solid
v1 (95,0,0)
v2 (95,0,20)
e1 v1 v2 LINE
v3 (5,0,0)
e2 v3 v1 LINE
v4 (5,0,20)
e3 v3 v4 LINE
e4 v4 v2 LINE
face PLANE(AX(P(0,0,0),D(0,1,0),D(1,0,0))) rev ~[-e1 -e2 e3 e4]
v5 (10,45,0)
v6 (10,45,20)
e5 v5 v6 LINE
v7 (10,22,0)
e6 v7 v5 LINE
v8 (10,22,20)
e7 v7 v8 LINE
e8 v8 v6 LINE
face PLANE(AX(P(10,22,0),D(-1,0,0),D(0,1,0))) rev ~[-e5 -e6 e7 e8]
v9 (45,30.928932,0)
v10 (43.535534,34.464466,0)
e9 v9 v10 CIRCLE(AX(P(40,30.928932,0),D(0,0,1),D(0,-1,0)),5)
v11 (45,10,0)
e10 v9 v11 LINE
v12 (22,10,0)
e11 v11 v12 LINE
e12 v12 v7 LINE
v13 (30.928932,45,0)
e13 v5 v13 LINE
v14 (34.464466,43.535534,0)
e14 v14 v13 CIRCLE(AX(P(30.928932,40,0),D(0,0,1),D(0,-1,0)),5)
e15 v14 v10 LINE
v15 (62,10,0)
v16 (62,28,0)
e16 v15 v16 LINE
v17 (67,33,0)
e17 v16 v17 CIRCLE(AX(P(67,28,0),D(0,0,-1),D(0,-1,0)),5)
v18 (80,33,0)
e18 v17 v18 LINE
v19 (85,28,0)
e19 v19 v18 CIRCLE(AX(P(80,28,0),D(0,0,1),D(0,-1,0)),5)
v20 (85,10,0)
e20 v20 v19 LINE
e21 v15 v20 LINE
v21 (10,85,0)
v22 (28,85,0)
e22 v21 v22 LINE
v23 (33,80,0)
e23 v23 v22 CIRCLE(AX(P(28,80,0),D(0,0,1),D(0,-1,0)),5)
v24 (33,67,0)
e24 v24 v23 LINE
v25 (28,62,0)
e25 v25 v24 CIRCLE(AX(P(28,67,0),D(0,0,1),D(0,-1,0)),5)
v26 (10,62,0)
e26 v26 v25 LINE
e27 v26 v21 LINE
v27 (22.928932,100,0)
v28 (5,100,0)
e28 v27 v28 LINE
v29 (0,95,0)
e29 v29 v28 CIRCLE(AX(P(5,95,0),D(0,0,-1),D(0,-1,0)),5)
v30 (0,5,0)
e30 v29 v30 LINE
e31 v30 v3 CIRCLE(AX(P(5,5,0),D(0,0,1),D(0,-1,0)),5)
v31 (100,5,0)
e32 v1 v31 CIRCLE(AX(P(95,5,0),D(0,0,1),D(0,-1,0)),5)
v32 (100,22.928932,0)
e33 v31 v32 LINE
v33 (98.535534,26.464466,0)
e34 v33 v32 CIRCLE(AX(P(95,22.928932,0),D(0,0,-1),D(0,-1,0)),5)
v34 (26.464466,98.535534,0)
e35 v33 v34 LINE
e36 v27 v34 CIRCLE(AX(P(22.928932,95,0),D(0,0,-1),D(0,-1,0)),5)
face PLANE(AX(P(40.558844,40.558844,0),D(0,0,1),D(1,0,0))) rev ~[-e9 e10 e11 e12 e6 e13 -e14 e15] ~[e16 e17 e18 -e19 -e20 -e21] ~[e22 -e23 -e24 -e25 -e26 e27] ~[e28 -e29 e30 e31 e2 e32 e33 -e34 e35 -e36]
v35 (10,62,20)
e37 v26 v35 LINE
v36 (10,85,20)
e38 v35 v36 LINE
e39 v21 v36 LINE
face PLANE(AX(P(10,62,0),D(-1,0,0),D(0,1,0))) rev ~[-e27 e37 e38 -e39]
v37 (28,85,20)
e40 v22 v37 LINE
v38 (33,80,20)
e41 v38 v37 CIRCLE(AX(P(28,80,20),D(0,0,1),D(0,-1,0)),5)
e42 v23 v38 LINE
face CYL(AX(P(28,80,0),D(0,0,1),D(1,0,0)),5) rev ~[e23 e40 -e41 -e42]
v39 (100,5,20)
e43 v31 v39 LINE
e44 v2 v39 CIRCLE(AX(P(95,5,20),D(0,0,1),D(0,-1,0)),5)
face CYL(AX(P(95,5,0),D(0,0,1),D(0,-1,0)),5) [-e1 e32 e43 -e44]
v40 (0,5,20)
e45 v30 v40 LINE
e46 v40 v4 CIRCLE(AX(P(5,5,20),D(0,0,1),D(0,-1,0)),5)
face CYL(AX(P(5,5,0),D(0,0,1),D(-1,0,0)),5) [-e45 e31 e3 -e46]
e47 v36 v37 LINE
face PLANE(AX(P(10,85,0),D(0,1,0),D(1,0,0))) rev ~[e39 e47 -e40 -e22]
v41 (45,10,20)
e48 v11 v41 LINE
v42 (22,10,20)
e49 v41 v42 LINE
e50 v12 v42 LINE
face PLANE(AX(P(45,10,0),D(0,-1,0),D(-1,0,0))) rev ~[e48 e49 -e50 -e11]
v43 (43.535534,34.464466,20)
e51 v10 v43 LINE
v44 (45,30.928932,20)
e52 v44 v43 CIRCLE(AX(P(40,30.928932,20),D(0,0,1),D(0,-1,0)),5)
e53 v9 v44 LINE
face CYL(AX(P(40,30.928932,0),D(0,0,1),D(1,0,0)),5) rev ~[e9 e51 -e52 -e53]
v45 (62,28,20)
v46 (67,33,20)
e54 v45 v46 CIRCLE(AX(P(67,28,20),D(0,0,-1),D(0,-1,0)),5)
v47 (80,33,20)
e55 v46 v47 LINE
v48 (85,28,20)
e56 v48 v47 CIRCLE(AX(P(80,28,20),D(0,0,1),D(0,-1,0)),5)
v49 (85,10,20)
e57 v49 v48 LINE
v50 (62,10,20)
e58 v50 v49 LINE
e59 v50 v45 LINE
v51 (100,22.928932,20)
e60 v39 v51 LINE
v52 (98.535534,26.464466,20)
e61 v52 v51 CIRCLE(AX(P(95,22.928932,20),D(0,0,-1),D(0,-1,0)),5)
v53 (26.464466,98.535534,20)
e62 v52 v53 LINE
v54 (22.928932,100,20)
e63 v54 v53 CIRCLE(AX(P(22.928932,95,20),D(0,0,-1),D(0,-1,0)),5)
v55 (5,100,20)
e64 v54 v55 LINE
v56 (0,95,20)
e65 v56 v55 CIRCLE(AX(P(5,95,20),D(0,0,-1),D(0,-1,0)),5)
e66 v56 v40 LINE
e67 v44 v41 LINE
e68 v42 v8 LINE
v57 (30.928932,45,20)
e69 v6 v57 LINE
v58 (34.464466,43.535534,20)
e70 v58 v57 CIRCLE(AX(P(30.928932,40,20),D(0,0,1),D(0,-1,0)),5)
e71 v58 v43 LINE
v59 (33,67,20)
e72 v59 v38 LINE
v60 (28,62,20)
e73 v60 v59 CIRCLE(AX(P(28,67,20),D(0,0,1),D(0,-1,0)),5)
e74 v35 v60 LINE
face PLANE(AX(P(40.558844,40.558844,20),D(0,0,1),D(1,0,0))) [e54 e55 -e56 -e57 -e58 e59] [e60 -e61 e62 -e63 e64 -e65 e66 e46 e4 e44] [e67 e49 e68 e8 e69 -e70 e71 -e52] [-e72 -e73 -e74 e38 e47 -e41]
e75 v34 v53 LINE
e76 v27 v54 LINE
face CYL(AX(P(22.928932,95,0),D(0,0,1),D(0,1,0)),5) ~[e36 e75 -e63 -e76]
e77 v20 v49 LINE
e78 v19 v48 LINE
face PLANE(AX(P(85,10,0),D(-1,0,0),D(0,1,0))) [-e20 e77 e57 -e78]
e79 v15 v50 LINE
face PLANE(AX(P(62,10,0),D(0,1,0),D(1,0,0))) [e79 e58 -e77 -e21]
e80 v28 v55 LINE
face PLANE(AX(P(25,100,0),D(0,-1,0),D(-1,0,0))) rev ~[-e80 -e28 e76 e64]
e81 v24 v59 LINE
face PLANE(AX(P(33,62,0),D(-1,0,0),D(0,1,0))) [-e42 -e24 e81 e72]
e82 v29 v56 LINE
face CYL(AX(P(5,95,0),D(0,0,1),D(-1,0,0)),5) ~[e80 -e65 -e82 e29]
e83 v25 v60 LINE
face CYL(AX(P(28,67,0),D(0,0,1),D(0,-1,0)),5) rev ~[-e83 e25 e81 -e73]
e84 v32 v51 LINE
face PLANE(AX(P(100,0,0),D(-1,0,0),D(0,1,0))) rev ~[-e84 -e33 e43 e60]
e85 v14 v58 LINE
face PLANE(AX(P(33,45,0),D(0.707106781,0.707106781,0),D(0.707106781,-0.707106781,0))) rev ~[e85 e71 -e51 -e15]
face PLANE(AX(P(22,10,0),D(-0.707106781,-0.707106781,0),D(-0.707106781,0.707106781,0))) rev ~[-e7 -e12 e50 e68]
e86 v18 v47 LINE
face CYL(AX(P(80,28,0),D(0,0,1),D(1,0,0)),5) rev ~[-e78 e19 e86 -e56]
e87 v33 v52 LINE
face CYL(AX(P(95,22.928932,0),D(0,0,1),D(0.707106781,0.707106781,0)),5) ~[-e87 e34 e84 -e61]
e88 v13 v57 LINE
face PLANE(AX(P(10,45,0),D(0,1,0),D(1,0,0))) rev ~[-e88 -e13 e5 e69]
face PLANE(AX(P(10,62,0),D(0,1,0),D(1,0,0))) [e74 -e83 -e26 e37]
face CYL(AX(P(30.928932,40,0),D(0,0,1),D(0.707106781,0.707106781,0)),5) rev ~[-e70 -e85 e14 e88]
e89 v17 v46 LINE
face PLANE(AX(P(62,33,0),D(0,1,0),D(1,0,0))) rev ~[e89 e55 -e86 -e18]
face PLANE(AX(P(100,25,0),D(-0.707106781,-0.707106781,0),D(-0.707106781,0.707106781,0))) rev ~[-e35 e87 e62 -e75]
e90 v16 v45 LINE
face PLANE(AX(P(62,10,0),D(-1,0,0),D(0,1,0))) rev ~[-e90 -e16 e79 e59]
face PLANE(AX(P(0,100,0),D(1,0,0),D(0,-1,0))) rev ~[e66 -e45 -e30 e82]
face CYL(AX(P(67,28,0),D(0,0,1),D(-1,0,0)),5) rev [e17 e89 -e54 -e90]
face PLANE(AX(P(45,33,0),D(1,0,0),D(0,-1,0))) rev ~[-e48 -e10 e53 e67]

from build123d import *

# Parameters (mm, degrees)
F0_W     = 23
F0_H     = 23
F1_DEPTH = 20
F2_R     = 5


with BuildPart() as f1:
    # F0 (on Top) → F1 (new body)
    with BuildSketch(Plane.XY):
        Polygon((0, 100), (0, 0), (100, 0), (100, 25), (25, 100), align=None)
        Polygon((45, 10), (22, 10), (10, 22), (10, 45), (33, 45), (45, 33), align=None, mode=Mode.SUBTRACT)
        with Locations((73.5, 21.5)):
            Rectangle(F0_W, F0_H, mode=Mode.SUBTRACT)
        with Locations((21.5, 73.5)):
            Rectangle(F0_W, F0_H, mode=Mode.SUBTRACT)
    extrude(amount=F1_DEPTH)

    # F2
    f2_edges = [f1.edges().sort_by_distance(p)[0] for p in [
        (0, 100, 10),
        (25, 100, 10),
        (100, 25, 10),
        (100, 0, 10),
        (33, 45, 10),
        (45, 33, 10),
        (85, 33, 10),
        (33, 85, 10),
        (62, 33, 10),
        (33, 62, 10),
        (0, 0, 10),
    ]]
    fillet(f2_edges, radius=F2_R)


solid = f1.part
